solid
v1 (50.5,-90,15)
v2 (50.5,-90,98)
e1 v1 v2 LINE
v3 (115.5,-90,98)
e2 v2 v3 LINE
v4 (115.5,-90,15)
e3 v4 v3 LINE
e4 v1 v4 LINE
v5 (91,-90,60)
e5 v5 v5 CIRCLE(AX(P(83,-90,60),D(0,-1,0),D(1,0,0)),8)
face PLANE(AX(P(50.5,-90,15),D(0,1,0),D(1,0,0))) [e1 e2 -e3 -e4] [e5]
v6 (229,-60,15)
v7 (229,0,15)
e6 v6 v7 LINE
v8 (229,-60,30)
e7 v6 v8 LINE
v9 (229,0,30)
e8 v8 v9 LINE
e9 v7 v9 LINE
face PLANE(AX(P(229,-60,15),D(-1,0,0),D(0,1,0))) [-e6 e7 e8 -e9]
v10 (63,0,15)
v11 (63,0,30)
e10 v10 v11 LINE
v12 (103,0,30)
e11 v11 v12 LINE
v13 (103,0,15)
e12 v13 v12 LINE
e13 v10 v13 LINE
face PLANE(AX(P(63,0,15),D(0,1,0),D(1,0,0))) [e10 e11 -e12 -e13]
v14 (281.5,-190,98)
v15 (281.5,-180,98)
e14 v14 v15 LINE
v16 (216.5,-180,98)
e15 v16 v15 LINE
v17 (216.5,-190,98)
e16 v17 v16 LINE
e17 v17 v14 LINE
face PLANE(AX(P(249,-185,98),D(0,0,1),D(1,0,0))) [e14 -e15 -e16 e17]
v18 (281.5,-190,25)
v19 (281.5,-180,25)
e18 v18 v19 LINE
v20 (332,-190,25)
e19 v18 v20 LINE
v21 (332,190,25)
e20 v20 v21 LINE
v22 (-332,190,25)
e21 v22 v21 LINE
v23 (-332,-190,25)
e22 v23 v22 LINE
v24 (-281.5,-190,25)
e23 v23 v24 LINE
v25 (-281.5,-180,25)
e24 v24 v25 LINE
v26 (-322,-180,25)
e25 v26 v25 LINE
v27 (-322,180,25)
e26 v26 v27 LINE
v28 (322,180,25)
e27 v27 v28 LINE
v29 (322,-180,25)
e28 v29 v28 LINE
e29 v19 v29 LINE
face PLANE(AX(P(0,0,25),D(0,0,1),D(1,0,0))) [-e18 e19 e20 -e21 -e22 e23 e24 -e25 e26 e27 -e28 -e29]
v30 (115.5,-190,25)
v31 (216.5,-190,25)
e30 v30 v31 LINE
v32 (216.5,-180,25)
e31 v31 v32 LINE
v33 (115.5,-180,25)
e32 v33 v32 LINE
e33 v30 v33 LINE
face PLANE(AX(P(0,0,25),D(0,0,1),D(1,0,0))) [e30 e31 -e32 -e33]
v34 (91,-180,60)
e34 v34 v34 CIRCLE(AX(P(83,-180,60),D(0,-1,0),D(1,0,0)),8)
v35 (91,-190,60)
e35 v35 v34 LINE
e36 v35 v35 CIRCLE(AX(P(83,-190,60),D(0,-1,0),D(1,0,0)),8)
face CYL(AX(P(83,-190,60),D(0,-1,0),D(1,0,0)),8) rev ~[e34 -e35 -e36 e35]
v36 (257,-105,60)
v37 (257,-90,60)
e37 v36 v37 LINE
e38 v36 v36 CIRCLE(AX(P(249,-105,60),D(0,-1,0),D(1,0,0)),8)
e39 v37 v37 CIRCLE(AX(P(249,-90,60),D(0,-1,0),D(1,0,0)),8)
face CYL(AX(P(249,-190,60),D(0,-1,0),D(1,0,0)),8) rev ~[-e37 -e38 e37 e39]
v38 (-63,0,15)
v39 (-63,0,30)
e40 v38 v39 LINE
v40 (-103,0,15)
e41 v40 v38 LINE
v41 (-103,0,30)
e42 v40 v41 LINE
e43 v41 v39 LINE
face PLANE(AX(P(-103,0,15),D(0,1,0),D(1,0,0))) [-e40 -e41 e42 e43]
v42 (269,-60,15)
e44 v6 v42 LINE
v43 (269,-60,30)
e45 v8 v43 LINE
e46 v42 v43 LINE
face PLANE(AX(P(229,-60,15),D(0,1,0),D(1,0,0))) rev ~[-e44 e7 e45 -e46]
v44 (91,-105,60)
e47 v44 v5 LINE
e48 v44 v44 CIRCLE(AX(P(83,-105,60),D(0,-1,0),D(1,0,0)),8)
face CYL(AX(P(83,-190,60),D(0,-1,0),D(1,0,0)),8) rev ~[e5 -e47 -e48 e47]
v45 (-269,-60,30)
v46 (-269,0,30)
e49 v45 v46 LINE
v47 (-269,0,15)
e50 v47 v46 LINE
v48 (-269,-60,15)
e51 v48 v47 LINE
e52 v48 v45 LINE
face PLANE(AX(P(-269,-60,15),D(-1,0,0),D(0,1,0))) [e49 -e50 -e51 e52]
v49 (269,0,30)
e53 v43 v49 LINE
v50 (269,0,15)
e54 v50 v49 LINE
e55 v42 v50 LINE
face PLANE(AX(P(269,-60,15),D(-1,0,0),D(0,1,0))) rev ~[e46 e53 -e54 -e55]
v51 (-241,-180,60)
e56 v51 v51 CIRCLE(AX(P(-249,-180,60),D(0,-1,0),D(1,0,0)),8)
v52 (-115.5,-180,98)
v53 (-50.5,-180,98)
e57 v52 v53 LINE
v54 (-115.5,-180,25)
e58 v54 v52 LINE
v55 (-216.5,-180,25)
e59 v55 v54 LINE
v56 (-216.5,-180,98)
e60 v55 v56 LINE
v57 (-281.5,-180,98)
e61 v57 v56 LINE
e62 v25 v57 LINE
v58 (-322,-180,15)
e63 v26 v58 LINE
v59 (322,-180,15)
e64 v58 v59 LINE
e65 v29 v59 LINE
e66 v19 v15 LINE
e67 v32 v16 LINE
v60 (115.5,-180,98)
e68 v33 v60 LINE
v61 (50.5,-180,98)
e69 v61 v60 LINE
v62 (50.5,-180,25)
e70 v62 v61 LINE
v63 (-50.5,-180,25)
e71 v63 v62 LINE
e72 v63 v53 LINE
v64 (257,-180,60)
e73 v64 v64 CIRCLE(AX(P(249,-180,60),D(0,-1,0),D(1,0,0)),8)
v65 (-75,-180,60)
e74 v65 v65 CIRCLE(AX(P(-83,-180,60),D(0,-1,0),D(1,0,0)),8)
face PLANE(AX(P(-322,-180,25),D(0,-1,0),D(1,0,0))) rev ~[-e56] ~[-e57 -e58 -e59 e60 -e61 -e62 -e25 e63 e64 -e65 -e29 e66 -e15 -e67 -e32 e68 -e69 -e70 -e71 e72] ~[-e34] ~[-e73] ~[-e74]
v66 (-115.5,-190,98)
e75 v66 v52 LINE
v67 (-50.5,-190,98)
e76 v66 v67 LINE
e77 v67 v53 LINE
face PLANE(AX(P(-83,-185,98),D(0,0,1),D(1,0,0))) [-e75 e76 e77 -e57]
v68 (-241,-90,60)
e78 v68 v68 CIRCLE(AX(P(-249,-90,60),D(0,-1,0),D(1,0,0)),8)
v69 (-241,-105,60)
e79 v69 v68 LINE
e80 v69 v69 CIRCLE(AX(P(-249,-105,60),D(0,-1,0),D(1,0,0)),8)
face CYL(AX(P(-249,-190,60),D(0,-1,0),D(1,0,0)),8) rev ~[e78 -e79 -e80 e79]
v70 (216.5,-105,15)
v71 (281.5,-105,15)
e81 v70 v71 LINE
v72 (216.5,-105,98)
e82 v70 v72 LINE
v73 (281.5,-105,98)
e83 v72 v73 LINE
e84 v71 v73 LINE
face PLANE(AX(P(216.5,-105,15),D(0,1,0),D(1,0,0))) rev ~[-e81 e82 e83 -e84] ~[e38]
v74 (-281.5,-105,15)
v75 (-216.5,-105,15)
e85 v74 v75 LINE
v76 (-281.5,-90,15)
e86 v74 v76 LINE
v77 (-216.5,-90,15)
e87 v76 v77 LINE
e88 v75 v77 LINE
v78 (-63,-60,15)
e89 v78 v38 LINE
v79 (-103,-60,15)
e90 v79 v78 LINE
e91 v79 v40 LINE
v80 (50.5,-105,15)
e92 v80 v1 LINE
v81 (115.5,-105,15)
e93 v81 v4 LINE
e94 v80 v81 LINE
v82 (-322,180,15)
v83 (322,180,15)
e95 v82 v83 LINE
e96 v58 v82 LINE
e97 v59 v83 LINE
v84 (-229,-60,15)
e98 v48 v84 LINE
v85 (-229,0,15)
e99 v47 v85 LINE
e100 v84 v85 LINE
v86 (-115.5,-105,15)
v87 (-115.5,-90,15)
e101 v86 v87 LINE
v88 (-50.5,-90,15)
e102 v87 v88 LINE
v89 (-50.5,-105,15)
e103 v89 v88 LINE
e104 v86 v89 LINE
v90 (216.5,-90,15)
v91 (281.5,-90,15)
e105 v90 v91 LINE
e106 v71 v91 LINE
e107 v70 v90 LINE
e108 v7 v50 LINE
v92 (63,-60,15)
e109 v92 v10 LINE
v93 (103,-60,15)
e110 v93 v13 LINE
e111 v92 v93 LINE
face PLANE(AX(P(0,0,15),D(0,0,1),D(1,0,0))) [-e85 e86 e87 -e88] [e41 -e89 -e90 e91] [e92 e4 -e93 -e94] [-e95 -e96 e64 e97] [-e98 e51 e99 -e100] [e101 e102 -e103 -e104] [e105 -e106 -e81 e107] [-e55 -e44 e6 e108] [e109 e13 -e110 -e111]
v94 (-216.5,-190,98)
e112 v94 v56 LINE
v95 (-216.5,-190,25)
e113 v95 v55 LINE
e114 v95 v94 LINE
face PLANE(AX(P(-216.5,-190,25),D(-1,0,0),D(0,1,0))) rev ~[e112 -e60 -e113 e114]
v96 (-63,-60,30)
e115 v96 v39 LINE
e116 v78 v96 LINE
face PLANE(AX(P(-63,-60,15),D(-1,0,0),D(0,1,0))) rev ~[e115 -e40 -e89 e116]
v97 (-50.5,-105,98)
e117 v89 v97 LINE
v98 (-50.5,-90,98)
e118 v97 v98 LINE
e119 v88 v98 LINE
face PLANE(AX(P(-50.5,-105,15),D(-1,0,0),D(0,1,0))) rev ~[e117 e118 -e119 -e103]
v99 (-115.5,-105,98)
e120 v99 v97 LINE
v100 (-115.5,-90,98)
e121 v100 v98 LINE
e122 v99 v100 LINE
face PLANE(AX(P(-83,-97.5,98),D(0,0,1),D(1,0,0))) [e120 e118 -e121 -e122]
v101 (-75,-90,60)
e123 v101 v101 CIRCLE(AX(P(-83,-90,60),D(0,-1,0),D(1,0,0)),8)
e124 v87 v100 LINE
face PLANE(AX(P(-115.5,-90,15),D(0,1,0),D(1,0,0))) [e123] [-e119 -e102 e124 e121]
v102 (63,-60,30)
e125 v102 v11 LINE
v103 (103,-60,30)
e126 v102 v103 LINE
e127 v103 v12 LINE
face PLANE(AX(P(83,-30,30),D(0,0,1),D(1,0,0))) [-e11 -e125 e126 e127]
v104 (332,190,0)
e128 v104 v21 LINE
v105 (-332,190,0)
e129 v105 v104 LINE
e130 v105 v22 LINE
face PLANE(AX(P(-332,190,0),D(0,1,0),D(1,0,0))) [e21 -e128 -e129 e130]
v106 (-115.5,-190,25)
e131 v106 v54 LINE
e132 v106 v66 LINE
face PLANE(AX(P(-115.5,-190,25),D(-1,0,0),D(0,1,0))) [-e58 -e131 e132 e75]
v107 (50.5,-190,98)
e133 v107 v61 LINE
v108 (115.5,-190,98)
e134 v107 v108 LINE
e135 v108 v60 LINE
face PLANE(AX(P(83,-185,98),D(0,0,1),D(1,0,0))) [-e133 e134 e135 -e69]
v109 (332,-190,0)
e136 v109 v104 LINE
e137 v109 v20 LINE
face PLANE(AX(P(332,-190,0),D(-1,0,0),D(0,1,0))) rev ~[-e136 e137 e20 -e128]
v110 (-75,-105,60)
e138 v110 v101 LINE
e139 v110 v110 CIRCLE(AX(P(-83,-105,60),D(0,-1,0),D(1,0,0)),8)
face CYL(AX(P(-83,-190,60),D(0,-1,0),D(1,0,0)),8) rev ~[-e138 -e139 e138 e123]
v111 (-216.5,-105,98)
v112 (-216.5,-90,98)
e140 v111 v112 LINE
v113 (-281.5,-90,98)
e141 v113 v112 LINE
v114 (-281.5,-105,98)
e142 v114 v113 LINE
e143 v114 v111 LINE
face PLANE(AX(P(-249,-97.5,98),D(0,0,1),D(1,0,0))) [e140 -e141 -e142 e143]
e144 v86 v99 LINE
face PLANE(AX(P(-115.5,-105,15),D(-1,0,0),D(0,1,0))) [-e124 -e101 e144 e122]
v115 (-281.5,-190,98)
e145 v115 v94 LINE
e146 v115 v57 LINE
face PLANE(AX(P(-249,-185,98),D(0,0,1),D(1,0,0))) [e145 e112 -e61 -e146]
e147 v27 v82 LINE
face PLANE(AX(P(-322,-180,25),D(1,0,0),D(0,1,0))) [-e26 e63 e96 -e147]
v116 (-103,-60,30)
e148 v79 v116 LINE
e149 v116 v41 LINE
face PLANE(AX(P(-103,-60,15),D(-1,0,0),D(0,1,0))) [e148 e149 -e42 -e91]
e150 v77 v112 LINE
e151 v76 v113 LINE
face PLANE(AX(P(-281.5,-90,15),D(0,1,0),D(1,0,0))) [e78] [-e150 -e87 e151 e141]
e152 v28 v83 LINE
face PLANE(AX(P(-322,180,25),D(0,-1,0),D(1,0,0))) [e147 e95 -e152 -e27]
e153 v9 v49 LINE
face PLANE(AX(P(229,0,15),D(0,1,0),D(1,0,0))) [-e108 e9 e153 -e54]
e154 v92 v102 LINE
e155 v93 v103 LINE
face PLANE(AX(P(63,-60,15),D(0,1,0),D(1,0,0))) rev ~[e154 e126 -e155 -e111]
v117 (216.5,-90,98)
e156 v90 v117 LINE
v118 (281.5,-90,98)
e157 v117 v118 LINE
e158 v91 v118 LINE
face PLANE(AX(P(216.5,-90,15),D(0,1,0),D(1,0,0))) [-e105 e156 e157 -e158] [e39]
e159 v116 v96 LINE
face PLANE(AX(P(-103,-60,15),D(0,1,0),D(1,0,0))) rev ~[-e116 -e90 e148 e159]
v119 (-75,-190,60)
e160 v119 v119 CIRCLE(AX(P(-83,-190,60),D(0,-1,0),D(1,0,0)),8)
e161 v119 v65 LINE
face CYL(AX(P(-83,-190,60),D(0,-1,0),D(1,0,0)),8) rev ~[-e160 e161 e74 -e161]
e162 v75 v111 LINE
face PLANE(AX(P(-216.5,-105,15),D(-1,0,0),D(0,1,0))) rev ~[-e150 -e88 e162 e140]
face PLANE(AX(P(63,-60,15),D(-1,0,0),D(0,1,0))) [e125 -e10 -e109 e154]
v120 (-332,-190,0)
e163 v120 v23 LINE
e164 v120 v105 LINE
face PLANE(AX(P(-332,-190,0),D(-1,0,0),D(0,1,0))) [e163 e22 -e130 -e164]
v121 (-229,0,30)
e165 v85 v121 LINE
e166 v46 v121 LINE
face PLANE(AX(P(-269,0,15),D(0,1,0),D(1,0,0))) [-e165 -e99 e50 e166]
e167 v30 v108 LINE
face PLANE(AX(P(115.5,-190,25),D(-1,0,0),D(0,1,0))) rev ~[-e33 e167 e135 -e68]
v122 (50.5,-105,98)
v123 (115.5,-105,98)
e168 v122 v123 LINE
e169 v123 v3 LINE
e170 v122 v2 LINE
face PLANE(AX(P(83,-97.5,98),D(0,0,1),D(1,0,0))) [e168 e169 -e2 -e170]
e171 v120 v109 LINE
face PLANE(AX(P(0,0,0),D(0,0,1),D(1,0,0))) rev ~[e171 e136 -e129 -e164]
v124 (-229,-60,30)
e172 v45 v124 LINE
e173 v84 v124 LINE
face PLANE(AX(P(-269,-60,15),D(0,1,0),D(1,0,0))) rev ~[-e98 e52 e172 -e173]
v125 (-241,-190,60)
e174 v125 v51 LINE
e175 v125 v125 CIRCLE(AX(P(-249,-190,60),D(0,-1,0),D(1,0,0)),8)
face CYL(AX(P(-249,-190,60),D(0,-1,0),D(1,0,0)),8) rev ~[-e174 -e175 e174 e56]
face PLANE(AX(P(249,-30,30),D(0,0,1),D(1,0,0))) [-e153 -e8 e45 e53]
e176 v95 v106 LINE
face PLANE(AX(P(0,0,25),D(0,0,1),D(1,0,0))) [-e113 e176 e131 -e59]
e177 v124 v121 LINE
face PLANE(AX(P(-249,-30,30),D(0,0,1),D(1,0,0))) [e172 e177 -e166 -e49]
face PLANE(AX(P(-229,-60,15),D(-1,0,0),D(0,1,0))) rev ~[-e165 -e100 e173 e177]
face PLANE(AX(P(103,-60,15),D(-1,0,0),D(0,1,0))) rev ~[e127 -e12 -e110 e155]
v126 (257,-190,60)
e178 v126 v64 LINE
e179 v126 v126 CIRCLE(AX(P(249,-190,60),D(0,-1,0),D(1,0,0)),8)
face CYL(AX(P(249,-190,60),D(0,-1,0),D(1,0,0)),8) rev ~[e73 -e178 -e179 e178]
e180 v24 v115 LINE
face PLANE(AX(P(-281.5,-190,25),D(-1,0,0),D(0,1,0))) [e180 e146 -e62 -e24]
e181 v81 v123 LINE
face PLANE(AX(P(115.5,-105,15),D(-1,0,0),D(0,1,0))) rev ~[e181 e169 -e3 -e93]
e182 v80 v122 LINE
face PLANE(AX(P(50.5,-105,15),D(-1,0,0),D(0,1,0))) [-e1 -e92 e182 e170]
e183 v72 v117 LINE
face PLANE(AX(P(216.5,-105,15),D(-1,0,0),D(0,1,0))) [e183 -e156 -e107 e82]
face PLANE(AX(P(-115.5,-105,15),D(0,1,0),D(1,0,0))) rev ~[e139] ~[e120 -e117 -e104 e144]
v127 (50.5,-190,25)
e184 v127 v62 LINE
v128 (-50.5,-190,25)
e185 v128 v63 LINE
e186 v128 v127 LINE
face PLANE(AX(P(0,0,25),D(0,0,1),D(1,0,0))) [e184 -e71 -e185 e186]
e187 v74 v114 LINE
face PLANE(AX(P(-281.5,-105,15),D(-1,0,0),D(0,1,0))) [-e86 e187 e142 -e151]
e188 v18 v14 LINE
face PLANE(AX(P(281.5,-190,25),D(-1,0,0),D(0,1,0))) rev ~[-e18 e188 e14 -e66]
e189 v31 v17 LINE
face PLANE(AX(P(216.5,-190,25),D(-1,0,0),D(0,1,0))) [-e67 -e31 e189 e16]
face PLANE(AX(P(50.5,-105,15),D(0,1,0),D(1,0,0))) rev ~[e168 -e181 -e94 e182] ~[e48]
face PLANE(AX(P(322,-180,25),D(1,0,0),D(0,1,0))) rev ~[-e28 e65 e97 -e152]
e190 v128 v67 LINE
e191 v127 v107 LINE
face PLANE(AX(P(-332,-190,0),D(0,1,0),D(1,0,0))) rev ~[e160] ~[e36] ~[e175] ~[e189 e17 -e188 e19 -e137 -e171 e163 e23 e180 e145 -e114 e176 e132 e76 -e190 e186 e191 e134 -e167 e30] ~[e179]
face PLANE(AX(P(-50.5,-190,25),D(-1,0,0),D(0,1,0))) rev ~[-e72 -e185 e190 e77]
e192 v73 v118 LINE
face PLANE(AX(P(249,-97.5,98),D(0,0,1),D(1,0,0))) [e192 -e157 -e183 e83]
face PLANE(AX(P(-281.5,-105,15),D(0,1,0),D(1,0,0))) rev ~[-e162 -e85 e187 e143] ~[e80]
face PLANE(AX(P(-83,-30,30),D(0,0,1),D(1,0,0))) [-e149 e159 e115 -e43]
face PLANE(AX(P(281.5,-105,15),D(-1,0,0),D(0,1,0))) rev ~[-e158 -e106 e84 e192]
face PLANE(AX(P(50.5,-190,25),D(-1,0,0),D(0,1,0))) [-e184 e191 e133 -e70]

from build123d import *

# Parameters (mm, degrees)
SKETCH_W        = 664
SKETCH_H        = 380
PAD_DEPTH       = 25
SKETCH001_W     = 644
SKETCH001_H     = 360
POCKET_DEPTH    = 10
SKETCH002_W     = 65
SKETCH002_H     = 10
PAD001_DEPTH    = 73
SKETCH003_R     = 8
POCKET001_DEPTH = 10
SKETCH004_W     = 65
SKETCH004_H     = 15
PAD002_DEPTH    = 83
SKETCH005_R     = 8
POCKET002_DEPTH = 100
SKETCH006_W     = 40
SKETCH006_H     = 60
PAD003_DEPTH    = 15


with BuildPart() as part:
    # Sketch → Pad (new body)
    with BuildSketch(Plane.XY):
        Rectangle(SKETCH_W, SKETCH_H)
    extrude(amount=PAD_DEPTH)

    # Sketch001 (on Face6 of Pad) → Pocket (cut)
    with BuildSketch(Plane.XY.offset(25)):
        Rectangle(SKETCH001_W, SKETCH001_H)
    extrude(amount=-POCKET_DEPTH, mode=Mode.SUBTRACT)

    # Sketch002 (on Face5 of Pocket) → Pad001 (join)
    with BuildSketch(Plane.XY.offset(25)):
        with Locations((-249, -185)):
            Rectangle(SKETCH002_W, SKETCH002_H)
        with Locations((-83, -185)):
            Rectangle(SKETCH002_W, SKETCH002_H)
        with Locations((83, -185)):
            Rectangle(SKETCH002_W, SKETCH002_H)
        with Locations((249, -185)):
            Rectangle(SKETCH002_W, SKETCH002_H)
    extrude(amount=PAD001_DEPTH)

    # Sketch003 (on Face25 of Pad001) → Pocket001 (cut)
    with BuildSketch(Plane.XZ.offset(190)):
        with Locations((249, 60)):
            Circle(SKETCH003_R)
        with Locations((83, 60)):
            Circle(SKETCH003_R)
        with Locations((-83, 60)):
            Circle(SKETCH003_R)
        with Locations((-249, 60)):
            Circle(SKETCH003_R)
    extrude(amount=-POCKET001_DEPTH, mode=Mode.SUBTRACT)

    # Sketch004 (on Face27 of Pocket001) → Pad002 (join)
    with BuildSketch(Plane.XY.offset(15)):
        with Locations((249, -97.5)):
            Rectangle(SKETCH004_W, SKETCH004_H)
        with Locations((83, -97.5)):
            Rectangle(SKETCH004_W, SKETCH004_H)
        with Locations((-249, -97.5)):
            Rectangle(SKETCH004_W, SKETCH004_H)
        with Locations((-83, -97.5)):
            Rectangle(SKETCH004_W, SKETCH004_H)
    extrude(amount=PAD002_DEPTH)

    # Sketch005 → Pocket002 (cut)
    with BuildSketch(Plane.XZ.offset(190)):
        with Locations((-249, 60)):
            Circle(SKETCH005_R)
        with Locations((-83, 60)):
            Circle(SKETCH005_R)
        with Locations((83, 60)):
            Circle(SKETCH005_R)
        with Locations((249, 60)):
            Circle(SKETCH005_R)
    extrude(amount=-POCKET002_DEPTH, mode=Mode.SUBTRACT)

    # Sketch006 (on Face27 of Pocket002) → Pad003 (join)
    with BuildSketch(Plane.XY.offset(15)):
        with Locations((-249, -30)):
            Rectangle(SKETCH006_W, SKETCH006_H)
        with Locations((-83, -30)):
            Rectangle(SKETCH006_W, SKETCH006_H)
        with Locations((83, -30)):
            Rectangle(SKETCH006_W, SKETCH006_H)
        with Locations((249, -30)):
            Rectangle(SKETCH006_W, SKETCH006_H)
    extrude(amount=PAD003_DEPTH)


solid = part.part
